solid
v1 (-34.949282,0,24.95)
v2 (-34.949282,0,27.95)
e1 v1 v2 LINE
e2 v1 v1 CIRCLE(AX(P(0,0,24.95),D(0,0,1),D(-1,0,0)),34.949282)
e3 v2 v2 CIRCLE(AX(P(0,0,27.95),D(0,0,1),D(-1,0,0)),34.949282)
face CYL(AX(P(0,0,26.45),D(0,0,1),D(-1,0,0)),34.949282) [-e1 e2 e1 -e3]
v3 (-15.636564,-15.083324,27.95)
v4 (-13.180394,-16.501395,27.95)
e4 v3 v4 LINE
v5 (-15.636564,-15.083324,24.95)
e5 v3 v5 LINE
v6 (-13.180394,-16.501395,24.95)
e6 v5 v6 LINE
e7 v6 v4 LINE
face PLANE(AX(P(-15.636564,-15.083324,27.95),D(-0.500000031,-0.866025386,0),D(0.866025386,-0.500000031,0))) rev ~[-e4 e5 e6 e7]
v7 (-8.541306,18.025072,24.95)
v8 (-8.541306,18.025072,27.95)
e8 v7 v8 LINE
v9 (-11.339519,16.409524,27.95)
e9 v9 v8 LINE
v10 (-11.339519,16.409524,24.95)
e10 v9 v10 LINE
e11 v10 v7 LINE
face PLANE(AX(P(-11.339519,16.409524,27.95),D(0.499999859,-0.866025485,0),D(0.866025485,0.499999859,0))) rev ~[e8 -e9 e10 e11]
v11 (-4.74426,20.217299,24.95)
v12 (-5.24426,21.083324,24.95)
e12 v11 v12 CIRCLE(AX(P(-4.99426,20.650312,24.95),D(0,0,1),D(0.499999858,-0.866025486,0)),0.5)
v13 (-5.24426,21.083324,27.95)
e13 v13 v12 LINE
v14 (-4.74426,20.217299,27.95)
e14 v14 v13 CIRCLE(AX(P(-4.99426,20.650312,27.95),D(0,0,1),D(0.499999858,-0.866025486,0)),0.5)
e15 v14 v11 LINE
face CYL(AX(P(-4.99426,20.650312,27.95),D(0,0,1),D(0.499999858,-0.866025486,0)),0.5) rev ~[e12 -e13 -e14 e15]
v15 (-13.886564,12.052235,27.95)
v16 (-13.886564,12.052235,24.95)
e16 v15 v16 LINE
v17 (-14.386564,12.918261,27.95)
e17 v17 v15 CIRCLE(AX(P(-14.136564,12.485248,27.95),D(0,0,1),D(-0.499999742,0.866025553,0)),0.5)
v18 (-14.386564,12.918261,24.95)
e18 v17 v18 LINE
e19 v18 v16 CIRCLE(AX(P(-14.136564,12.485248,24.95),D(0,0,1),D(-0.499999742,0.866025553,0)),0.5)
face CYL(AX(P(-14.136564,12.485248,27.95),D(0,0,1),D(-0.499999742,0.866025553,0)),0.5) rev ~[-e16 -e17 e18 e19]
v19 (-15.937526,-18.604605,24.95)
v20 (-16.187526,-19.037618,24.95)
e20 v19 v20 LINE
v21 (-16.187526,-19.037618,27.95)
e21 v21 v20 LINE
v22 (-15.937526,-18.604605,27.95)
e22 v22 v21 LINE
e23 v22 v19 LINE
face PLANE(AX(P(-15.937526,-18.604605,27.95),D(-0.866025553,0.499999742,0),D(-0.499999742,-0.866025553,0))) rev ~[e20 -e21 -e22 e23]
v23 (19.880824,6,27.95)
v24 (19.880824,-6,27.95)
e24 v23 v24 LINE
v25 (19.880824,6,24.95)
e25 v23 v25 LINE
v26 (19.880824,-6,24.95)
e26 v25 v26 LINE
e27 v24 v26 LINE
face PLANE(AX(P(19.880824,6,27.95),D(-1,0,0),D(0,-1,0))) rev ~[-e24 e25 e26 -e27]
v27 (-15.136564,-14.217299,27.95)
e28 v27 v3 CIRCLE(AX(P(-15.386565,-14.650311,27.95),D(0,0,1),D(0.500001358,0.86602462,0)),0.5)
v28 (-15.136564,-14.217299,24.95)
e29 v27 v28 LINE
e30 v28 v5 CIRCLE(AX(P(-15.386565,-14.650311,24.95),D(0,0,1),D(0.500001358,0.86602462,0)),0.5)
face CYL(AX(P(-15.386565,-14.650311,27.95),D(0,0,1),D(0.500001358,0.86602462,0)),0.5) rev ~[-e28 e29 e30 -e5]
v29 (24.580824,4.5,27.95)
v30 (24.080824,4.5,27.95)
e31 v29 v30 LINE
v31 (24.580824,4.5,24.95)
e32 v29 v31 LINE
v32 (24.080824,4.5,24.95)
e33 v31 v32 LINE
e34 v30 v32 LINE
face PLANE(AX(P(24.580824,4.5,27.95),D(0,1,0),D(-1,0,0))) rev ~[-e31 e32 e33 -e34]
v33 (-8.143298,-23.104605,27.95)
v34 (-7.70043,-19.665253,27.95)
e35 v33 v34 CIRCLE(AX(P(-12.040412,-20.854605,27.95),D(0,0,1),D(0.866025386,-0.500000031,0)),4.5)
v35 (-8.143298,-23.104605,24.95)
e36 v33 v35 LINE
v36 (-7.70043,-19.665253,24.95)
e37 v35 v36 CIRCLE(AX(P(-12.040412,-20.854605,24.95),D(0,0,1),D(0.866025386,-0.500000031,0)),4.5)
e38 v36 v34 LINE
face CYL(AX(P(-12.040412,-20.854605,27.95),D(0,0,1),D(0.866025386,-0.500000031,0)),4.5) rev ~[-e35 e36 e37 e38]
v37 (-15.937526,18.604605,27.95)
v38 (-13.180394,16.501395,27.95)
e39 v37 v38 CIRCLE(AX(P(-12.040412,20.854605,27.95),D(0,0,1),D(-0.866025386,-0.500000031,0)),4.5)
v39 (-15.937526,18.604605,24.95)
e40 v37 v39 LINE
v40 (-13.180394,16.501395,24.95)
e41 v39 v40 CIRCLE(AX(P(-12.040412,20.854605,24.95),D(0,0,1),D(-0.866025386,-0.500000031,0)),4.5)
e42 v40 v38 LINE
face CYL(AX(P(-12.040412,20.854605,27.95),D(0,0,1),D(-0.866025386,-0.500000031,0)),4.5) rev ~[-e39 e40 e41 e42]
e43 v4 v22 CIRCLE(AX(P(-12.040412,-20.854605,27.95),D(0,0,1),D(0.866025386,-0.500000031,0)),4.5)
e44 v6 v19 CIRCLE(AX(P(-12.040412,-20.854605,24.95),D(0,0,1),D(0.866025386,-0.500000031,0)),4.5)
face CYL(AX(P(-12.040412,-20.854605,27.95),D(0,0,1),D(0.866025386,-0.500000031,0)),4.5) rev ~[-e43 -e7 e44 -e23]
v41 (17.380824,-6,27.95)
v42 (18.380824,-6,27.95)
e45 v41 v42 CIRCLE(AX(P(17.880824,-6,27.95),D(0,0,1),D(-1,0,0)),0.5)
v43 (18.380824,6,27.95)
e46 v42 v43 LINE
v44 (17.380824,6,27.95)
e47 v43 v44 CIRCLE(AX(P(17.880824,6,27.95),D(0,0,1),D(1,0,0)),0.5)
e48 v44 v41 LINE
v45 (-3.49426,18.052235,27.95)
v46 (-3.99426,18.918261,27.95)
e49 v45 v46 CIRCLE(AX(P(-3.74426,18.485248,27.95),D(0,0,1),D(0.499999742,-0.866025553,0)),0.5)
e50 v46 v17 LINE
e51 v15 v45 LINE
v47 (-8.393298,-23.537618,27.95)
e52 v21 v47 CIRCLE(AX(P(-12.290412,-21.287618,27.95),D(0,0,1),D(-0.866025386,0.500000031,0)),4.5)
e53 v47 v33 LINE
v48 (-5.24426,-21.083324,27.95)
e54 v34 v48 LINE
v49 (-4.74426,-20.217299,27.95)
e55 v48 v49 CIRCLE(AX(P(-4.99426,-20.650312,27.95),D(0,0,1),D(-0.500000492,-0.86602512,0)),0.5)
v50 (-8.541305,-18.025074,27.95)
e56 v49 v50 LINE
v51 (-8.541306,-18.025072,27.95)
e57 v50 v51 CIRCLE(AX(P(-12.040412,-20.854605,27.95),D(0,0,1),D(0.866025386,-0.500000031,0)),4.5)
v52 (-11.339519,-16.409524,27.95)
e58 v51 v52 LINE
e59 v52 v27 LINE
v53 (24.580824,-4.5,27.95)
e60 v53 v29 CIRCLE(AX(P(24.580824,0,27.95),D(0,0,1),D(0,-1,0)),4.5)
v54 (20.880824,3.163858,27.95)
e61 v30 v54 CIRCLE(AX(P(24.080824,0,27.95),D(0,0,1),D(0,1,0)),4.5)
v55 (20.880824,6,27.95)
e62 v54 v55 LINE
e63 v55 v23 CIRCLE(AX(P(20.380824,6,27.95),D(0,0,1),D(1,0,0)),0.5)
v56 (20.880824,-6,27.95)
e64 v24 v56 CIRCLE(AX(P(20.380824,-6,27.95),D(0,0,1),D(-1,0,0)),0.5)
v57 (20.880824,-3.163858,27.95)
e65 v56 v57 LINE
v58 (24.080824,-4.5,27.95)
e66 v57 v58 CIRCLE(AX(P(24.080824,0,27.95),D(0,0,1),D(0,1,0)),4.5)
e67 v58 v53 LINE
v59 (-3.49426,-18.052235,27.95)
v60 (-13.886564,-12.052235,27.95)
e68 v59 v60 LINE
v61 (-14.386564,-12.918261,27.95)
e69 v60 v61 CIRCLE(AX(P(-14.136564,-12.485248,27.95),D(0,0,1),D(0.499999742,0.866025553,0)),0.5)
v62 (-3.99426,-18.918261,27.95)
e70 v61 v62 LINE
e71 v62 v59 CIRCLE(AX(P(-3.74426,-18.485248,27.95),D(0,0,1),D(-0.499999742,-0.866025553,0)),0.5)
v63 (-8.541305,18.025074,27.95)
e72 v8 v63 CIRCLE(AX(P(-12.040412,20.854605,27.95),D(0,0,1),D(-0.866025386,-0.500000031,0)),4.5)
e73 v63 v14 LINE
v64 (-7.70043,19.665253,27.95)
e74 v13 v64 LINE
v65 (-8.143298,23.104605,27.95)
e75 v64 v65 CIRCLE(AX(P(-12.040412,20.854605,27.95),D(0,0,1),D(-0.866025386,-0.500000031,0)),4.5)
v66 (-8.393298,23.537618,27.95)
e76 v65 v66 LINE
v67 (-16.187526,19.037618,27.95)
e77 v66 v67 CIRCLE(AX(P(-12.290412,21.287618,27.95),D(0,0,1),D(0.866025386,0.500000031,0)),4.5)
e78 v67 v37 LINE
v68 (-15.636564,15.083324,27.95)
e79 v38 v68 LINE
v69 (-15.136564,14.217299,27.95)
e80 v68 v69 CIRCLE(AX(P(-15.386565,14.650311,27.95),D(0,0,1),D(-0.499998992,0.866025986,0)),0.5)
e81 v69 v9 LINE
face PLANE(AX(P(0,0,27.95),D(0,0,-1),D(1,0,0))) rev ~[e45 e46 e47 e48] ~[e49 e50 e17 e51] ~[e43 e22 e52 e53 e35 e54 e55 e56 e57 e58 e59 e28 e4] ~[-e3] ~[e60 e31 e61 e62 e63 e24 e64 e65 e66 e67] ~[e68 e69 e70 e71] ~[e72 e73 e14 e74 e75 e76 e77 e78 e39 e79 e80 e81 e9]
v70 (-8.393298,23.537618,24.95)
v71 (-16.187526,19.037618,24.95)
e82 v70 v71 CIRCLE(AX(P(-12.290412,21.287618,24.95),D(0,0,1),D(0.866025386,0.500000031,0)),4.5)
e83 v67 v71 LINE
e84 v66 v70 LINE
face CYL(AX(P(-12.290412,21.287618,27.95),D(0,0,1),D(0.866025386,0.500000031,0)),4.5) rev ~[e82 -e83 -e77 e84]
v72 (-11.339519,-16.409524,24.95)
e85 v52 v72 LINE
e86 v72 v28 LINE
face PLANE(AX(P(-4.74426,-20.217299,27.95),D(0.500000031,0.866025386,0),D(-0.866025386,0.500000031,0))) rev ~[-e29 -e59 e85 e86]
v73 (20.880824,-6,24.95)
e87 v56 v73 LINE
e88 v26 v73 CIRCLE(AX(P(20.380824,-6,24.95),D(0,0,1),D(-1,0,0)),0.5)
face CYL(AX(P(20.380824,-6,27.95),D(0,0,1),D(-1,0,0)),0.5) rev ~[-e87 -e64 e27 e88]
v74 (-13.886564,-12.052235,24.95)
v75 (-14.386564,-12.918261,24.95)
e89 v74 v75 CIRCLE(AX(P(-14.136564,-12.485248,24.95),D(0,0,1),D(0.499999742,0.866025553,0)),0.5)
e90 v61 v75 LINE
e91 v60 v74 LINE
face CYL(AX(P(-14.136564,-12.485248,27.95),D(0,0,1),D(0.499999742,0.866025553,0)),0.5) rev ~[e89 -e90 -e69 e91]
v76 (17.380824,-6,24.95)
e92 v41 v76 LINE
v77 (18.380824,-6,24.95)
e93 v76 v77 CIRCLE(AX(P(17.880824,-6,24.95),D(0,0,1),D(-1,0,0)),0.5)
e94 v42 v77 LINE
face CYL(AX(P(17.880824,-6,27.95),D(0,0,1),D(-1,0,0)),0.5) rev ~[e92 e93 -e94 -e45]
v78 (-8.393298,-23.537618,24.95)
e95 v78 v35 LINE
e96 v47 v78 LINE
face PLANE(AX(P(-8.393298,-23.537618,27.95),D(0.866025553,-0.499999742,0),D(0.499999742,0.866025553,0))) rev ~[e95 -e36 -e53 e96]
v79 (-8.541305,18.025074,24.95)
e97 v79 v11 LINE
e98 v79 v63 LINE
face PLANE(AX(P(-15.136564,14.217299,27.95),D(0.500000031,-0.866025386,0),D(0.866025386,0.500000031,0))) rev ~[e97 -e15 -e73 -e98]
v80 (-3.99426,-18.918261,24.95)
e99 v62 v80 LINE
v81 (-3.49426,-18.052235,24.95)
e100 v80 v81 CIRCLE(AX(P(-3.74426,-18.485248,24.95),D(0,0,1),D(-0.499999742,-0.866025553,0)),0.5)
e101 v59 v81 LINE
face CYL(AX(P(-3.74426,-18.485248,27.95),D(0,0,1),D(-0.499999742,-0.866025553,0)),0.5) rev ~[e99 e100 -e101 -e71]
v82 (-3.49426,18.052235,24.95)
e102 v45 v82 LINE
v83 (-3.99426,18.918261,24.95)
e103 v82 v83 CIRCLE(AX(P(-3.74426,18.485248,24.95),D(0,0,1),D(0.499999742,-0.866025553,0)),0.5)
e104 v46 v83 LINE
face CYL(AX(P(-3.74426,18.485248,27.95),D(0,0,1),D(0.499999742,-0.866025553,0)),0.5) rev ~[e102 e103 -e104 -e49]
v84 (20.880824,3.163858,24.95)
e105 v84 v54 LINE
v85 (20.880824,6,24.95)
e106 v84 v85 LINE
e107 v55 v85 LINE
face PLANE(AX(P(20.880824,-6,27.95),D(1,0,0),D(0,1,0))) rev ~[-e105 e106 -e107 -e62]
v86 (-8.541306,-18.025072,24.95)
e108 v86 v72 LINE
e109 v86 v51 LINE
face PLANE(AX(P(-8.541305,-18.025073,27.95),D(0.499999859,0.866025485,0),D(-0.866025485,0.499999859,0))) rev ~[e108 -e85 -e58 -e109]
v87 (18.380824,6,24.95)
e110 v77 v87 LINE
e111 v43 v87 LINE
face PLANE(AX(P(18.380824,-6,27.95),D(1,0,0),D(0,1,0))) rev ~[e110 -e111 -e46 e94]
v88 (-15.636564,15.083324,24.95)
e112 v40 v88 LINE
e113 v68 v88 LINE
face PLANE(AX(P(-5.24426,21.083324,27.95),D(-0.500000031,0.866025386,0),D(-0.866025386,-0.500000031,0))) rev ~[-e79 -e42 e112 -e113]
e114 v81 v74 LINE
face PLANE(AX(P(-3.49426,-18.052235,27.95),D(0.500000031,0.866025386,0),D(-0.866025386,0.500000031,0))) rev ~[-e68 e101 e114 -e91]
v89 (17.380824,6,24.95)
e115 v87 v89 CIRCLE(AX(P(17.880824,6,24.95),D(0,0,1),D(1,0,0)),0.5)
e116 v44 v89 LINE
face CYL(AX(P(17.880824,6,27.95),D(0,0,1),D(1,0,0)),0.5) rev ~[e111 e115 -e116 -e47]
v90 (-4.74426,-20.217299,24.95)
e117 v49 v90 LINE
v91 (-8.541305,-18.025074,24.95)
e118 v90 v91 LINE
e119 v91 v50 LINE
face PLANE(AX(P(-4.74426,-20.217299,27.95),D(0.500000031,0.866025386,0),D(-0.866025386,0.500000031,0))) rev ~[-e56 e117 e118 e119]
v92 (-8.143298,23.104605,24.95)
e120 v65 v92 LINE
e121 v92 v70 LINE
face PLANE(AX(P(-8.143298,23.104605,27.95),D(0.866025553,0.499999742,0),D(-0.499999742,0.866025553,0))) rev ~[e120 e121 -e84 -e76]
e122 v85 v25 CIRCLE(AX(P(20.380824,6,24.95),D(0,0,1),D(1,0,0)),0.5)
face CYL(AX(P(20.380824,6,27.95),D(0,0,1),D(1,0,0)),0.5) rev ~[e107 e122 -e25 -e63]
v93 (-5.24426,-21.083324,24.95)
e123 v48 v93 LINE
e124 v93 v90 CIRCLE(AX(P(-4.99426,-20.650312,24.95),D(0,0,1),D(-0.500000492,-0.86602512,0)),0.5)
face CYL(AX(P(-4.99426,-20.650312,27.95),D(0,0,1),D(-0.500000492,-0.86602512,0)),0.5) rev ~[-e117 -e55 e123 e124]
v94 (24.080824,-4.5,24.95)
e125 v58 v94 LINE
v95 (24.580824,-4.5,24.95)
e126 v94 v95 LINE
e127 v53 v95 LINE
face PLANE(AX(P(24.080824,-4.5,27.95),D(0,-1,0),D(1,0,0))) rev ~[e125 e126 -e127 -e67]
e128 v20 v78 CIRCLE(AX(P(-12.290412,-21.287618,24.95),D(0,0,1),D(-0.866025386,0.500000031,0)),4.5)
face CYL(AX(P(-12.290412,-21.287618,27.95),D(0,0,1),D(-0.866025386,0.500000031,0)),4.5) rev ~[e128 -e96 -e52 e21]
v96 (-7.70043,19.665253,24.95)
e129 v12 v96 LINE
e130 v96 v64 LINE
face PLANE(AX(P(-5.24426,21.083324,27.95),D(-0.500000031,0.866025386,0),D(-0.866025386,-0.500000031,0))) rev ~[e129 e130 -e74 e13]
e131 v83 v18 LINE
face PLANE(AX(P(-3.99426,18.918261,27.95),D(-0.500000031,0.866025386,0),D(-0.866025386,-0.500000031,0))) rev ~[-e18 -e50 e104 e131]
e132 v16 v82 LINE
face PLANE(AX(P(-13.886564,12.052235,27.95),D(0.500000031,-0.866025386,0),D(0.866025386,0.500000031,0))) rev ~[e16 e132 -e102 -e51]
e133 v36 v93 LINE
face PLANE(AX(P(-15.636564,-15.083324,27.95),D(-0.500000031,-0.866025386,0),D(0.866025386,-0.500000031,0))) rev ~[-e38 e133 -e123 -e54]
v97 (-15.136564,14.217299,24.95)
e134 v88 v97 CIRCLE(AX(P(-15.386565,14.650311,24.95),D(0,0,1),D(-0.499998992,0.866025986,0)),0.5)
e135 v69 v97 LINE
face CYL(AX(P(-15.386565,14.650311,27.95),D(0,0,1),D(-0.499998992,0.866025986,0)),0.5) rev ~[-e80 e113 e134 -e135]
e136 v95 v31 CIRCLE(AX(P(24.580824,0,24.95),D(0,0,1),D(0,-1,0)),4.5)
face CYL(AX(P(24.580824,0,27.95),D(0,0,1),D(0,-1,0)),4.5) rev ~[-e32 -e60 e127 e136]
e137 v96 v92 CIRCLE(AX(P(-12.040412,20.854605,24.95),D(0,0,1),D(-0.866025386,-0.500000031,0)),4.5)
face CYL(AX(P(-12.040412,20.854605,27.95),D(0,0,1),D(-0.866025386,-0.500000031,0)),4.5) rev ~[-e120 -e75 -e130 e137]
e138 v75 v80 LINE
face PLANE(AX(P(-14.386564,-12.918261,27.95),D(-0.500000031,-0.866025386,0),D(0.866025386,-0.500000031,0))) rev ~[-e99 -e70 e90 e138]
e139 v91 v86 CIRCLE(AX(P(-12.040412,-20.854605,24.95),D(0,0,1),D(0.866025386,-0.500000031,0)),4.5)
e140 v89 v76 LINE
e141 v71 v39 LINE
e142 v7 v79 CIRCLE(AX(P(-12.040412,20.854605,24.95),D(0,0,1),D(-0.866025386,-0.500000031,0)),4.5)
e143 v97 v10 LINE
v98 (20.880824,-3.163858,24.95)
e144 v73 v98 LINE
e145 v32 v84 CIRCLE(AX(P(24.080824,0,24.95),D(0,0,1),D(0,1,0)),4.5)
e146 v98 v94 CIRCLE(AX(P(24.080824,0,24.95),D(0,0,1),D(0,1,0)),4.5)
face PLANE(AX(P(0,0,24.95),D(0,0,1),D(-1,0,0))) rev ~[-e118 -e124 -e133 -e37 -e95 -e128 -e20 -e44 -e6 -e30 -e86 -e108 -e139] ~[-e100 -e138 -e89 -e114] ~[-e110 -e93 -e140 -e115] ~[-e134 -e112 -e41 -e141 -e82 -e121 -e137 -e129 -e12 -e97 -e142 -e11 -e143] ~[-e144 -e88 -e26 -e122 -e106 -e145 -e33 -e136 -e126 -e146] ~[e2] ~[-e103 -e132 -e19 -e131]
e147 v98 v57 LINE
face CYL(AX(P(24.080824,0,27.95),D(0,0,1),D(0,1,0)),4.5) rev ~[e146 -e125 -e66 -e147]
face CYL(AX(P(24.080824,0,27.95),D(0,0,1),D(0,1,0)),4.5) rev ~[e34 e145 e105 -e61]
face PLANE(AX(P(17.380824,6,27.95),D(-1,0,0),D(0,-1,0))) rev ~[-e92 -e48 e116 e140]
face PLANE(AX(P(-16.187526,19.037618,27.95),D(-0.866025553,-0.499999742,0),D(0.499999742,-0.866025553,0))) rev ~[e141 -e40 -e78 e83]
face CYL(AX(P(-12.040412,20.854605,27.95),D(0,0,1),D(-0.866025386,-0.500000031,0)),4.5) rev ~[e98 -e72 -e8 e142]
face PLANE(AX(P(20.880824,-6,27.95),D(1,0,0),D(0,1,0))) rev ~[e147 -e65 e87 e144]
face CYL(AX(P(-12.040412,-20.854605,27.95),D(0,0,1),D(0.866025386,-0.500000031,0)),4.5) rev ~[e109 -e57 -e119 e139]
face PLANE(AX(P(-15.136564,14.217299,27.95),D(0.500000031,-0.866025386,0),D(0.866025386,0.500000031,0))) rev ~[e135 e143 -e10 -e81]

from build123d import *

# Parameters (mm, degrees)
SKETCH015_W     = 34.949282
SKETCH015_H     = 3
POCKET002_DEPTH = 3.001
PAD003_DEPTH    = 3
POCKET003_DEPTH = 3.001


with BuildPart() as part:
    # Sketch015 → Revolution004 (revolve)
    with BuildSketch(Plane.XZ):
        with Locations((-17.474641, 46.45)):
            Rectangle(SKETCH015_W, SKETCH015_H)
    revolve(axis=Axis((0, 0, 0), (0, 0, 1)))

    # Sketch024 (on Face1 of Revolution004) → Pocket002 (cut, through all)
    with BuildSketch(Plane(origin=(0, 0, 47.95), x_dir=(-1, 0, 0), z_dir=(0, 0, 1))):
        with BuildLine():
            ThreePointArc((-24.580824, 4.5), (-29.080824, 0), (-24.580824, -4.5))
            Line((-24.580824, -4.5), (-24.080824, -4.5))
            ThreePointArc((-24.080824, -4.5), (-19.580824, 0), (-24.080824, 4.5))
            Line((-24.080824, 4.5), (-24.580824, 4.5))
        make_face()
        with BuildLine():
            ThreePointArc((15.937526, -18.604605), (9.790412, -16.957491), (8.143298, -23.104605))
            Line((8.143298, -23.104605), (8.393298, -23.537618))
            ThreePointArc((8.393298, -23.537618), (14.540412, -25.184732), (16.187526, -19.037618))
            Line((16.187526, -19.037618), (15.937526, -18.604605))
        make_face()
        with BuildLine():
            ThreePointArc((8.143298, 23.104605), (9.790412, 16.957491), (15.937526, 18.604605))
            Line((15.937526, 18.604605), (16.187526, 19.037618))
            ThreePointArc((16.187526, 19.037618), (14.540412, 25.184732), (8.393298, 23.537618))
            Line((8.393298, 23.537618), (8.143298, 23.104605))
        make_face()
    extrude(amount=-POCKET002_DEPTH, mode=Mode.SUBTRACT)

    # Sketch025 (on Face1 of Pocket002) → Pad003 (join)
    with BuildSketch(Plane(origin=(0, 0, 47.95), x_dir=(-1, 0, 0), z_dir=(0, 0, 1))):
        Polygon((-19.880824, 1.615549), (8.541305, 18.025073), (11.339519, 16.409524), (11.339519, -16.409524), (8.541305, -18.025073), (-19.880824, -1.615549), align=None)
    extrude(amount=-PAD003_DEPTH)

    # Sketch026 (on Face2 of Pad003) → Pocket003 (cut, through all)
    with BuildSketch(Plane(origin=(0, 0, 47.95), x_dir=(-1, 0, 0), z_dir=(0, 0, 1))):
        with BuildLine():
            ThreePointArc((-19.880824, 6), (-20.380824, 6.5), (-20.880824, 6))
            Line((-20.880824, 6), (-20.880824, -6))
            ThreePointArc((-20.880824, -6), (-20.380824, -6.5), (-19.880824, -6))
            Line((-19.880824, -6), (-19.880824, 6))
        make_face()
        with BuildLine():
            ThreePointArc((15.636564, -15.083324), (15.819577, -14.400311), (15.136564, -14.217299))
            Line((15.136564, -14.217299), (4.74426, -20.217299))
            ThreePointArc((4.74426, -20.217299), (4.561247, -20.900311), (5.24426, -21.083324))
            Line((5.24426, -21.083324), (15.636564, -15.083324))
        make_face()
        with BuildLine():
            ThreePointArc((5.24426, 21.083324), (4.561247, 20.900311), (4.74426, 20.217299))
            Line((4.74426, 20.217299), (15.136564, 14.217299))
            ThreePointArc((15.136564, 14.217299), (15.819577, 14.400311), (15.636564, 15.083324))
            Line((15.636564, 15.083324), (5.24426, 21.083324))
        make_face()
        with BuildLine():
            ThreePointArc((-17.380824, 6), (-17.880824, 6.5), (-18.380824, 6))
            Line((-18.380824, 6), (-18.380824, -6))
            ThreePointArc((-18.380824, -6), (-17.880824, -6.5), (-17.380824, -6))
            Line((-17.380824, -6), (-17.380824, 6))
        make_face()
        with BuildLine():
            ThreePointArc((3.99426, 18.918261), (3.311247, 18.735248), (3.49426, 18.052235))
            Line((3.49426, 18.052235), (13.886564, 12.052235))
            ThreePointArc((13.886564, 12.052235), (14.569577, 12.235248), (14.386564, 12.918261))
            Line((14.386564, 12.918261), (3.99426, 18.918261))
        make_face()
        with BuildLine():
            ThreePointArc((14.386564, -12.918261), (14.569577, -12.235248), (13.886564, -12.052235))
            Line((13.886564, -12.052235), (3.49426, -18.052235))
            ThreePointArc((3.49426, -18.052235), (3.311247, -18.735248), (3.99426, -18.918261))
            Line((3.99426, -18.918261), (14.386564, -12.918261))
        make_face()
    extrude(amount=-POCKET003_DEPTH, mode=Mode.SUBTRACT)


with BuildPart() as part_1:
    # Body005 placement: moved
    add(part.part.moved(Location((0, 0, -20))))


solid = part_1.part
